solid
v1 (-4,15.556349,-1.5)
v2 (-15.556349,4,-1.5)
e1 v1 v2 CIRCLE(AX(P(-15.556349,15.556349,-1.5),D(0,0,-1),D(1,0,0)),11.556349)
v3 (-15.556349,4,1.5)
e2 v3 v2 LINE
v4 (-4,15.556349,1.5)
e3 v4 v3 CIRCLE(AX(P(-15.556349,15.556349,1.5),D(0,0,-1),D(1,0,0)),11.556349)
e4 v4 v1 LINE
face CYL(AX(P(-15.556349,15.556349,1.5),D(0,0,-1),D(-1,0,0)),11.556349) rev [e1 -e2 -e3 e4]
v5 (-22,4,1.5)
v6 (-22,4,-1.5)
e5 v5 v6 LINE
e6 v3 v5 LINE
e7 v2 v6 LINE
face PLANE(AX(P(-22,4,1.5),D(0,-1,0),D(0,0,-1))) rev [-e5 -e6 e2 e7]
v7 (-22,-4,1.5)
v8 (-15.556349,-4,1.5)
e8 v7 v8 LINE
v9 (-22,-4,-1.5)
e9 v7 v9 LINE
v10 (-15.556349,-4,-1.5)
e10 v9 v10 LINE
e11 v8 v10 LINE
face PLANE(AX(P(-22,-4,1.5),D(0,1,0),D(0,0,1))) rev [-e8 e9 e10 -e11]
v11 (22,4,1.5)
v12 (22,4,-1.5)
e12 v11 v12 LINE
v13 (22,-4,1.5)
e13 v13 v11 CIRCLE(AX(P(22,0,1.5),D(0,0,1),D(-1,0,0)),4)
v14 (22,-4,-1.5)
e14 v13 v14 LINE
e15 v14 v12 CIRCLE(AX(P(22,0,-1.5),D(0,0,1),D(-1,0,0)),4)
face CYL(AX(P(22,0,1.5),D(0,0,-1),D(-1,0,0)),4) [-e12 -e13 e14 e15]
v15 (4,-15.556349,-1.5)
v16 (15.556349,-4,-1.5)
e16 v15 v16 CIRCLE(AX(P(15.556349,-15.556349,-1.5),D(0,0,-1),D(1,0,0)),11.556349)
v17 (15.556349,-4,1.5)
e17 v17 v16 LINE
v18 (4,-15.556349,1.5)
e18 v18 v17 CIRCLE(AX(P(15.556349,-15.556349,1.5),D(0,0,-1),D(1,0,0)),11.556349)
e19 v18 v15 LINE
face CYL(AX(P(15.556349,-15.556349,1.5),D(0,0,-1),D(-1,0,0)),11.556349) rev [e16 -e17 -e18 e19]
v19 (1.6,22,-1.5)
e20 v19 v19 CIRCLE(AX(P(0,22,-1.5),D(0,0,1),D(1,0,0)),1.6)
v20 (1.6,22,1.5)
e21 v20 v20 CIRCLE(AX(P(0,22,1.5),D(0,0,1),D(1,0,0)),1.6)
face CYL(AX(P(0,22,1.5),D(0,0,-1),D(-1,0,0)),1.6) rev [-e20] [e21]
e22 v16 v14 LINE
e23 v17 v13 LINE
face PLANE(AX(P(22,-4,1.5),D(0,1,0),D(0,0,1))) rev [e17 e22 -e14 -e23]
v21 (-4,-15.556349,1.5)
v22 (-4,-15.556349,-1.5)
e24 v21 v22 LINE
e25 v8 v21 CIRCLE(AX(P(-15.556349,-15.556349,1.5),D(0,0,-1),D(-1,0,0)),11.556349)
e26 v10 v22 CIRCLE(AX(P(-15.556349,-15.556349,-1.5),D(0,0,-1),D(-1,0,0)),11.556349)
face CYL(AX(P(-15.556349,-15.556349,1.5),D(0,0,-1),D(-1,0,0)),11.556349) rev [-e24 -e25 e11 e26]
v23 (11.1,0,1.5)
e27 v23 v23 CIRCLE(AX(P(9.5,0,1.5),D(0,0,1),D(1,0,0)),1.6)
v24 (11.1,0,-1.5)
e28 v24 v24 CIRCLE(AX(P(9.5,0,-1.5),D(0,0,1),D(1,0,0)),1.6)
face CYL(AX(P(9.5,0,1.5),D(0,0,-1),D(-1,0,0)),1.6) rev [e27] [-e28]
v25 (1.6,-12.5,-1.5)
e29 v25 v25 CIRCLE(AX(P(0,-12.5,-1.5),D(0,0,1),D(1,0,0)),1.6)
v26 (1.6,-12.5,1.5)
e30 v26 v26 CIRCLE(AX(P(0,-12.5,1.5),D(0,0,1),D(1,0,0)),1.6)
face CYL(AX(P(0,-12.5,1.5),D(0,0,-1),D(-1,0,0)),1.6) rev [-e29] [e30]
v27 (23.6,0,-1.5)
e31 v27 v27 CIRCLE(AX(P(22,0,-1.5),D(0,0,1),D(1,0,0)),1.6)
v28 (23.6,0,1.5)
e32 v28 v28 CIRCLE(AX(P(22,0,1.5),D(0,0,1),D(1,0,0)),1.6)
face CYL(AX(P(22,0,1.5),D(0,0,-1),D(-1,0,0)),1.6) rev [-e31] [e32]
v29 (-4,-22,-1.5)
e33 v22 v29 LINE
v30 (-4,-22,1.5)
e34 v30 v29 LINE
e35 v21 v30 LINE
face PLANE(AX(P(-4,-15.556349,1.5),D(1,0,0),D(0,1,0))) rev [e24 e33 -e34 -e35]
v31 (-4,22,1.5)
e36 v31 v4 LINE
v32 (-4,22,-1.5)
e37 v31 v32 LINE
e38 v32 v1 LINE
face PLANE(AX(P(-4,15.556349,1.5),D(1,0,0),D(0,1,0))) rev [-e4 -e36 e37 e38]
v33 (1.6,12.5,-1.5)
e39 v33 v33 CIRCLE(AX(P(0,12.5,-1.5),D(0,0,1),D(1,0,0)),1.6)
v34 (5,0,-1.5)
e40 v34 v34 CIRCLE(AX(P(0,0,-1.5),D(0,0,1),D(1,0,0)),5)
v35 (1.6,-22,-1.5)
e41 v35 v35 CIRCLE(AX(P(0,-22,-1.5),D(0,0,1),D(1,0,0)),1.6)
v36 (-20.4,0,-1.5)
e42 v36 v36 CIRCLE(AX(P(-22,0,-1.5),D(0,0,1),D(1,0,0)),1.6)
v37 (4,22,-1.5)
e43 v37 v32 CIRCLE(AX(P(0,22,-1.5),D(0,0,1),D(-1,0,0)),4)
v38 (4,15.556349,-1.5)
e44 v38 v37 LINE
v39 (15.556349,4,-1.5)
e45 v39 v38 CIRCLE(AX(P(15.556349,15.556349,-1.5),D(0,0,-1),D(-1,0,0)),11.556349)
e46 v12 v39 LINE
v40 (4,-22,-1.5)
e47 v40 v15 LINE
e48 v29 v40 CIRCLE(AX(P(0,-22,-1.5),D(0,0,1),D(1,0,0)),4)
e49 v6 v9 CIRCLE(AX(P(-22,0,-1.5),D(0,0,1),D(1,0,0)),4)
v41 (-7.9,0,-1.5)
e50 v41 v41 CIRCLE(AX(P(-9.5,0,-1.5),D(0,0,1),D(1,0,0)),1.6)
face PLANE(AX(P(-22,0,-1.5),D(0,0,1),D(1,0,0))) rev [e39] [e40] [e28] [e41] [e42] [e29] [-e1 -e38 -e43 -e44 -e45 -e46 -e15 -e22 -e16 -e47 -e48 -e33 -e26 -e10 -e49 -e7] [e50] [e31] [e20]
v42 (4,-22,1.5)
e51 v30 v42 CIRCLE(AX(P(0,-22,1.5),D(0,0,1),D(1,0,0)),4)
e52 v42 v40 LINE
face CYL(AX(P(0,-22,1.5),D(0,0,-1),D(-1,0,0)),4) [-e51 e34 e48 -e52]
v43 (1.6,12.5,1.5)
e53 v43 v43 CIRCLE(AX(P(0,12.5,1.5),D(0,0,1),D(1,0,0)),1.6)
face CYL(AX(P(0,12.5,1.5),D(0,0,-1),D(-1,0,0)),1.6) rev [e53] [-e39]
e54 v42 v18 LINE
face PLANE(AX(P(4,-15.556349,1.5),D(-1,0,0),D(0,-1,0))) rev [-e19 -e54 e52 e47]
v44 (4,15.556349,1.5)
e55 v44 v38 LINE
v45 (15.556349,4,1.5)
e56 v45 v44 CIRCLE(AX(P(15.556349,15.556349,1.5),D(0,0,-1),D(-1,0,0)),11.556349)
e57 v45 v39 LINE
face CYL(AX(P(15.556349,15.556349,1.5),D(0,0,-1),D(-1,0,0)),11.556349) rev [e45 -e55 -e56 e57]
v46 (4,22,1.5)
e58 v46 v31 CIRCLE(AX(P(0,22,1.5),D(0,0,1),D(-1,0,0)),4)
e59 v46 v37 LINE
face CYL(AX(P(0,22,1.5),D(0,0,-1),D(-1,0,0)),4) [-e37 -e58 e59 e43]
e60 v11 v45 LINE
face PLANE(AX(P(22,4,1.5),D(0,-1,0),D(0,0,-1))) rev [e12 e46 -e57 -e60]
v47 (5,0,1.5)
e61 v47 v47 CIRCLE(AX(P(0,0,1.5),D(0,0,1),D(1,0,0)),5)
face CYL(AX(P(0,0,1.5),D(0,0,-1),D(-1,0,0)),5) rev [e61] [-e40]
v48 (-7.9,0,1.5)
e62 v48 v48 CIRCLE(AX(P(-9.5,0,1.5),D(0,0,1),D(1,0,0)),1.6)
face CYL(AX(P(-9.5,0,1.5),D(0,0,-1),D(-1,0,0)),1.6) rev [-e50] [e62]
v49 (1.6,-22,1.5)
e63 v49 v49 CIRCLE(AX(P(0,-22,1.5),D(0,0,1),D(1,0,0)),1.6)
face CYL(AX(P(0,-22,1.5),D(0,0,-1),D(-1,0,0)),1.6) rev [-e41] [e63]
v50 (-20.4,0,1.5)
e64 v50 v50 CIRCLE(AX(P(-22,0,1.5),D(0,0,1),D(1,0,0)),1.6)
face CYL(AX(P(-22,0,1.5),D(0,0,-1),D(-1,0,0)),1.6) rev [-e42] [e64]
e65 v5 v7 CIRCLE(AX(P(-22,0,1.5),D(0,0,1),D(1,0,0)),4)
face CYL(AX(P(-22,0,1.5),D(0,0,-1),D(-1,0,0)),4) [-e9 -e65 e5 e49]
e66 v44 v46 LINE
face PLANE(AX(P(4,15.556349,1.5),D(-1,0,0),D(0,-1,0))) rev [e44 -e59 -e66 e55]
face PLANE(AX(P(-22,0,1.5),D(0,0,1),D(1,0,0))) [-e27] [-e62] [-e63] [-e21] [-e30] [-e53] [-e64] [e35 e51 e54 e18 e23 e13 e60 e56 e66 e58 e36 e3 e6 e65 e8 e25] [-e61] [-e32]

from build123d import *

# Parameters (mm, degrees)
SKETCH_1_R      = 1.6
SKETCH_1_R_2    = 5
EXTRUDE_1_DEPTH = 1.5


with BuildPart() as part:
    # Эскиз1 → Бобышка-Вытянуть1 (new, symmetric)
    with BuildSketch(Plane.XY):
        with BuildLine():
            Line((-22, 4), (-15.556349186, 4))
            ThreePointArc((-15.556349186, 4), (-7.384776311, 7.384776311), (-4, 15.556349186))
            Line((-4, 15.556349186), (-4, 22))
            ThreePointArc((-4, 22), (0, 26), (4, 22))
            Line((4, 22), (4, 15.556349186))
            ThreePointArc((4, 15.556349186), (7.384776311, 7.384776311), (15.556349186, 4))
            Line((15.556349186, 4), (22, 4))
            ThreePointArc((22, 4), (26, 0), (22, -4))
            Line((22, -4), (15.556349186, -4))
            ThreePointArc((15.556349186, -4), (7.384776311, -7.384776311), (4, -15.556349186))
            Line((4, -15.556349186), (4, -22))
            ThreePointArc((4, -22), (0, -26), (-4, -22))
            Line((-4, -22), (-4, -15.556349186))
            ThreePointArc((-4, -15.556349186), (-7.384776311, -7.384776311), (-15.556349186, -4))
            Line((-15.556349186, -4), (-22, -4))
            ThreePointArc((-22, -4), (-26, 0), (-22, 4))
        make_face()
        with Locations((0, 22)):
            Circle(SKETCH_1_R, mode=Mode.SUBTRACT)
        with Locations((22, 0)):
            Circle(SKETCH_1_R, mode=Mode.SUBTRACT)
        with Locations((0, -22)):
            Circle(SKETCH_1_R, mode=Mode.SUBTRACT)
        with Locations((-22, 0)):
            Circle(SKETCH_1_R, mode=Mode.SUBTRACT)
        Circle(SKETCH_1_R_2, mode=Mode.SUBTRACT)
        with Locations((-9.5, 0)):
            Circle(SKETCH_1_R, mode=Mode.SUBTRACT)
        with Locations((9.5, 0)):
            Circle(SKETCH_1_R, mode=Mode.SUBTRACT)
        with Locations((0, 12.5)):
            Circle(SKETCH_1_R, mode=Mode.SUBTRACT)
        with Locations((0, -12.5)):
            Circle(SKETCH_1_R, mode=Mode.SUBTRACT)
    extrude(amount=EXTRUDE_1_DEPTH, both=True)


solid = part.part
